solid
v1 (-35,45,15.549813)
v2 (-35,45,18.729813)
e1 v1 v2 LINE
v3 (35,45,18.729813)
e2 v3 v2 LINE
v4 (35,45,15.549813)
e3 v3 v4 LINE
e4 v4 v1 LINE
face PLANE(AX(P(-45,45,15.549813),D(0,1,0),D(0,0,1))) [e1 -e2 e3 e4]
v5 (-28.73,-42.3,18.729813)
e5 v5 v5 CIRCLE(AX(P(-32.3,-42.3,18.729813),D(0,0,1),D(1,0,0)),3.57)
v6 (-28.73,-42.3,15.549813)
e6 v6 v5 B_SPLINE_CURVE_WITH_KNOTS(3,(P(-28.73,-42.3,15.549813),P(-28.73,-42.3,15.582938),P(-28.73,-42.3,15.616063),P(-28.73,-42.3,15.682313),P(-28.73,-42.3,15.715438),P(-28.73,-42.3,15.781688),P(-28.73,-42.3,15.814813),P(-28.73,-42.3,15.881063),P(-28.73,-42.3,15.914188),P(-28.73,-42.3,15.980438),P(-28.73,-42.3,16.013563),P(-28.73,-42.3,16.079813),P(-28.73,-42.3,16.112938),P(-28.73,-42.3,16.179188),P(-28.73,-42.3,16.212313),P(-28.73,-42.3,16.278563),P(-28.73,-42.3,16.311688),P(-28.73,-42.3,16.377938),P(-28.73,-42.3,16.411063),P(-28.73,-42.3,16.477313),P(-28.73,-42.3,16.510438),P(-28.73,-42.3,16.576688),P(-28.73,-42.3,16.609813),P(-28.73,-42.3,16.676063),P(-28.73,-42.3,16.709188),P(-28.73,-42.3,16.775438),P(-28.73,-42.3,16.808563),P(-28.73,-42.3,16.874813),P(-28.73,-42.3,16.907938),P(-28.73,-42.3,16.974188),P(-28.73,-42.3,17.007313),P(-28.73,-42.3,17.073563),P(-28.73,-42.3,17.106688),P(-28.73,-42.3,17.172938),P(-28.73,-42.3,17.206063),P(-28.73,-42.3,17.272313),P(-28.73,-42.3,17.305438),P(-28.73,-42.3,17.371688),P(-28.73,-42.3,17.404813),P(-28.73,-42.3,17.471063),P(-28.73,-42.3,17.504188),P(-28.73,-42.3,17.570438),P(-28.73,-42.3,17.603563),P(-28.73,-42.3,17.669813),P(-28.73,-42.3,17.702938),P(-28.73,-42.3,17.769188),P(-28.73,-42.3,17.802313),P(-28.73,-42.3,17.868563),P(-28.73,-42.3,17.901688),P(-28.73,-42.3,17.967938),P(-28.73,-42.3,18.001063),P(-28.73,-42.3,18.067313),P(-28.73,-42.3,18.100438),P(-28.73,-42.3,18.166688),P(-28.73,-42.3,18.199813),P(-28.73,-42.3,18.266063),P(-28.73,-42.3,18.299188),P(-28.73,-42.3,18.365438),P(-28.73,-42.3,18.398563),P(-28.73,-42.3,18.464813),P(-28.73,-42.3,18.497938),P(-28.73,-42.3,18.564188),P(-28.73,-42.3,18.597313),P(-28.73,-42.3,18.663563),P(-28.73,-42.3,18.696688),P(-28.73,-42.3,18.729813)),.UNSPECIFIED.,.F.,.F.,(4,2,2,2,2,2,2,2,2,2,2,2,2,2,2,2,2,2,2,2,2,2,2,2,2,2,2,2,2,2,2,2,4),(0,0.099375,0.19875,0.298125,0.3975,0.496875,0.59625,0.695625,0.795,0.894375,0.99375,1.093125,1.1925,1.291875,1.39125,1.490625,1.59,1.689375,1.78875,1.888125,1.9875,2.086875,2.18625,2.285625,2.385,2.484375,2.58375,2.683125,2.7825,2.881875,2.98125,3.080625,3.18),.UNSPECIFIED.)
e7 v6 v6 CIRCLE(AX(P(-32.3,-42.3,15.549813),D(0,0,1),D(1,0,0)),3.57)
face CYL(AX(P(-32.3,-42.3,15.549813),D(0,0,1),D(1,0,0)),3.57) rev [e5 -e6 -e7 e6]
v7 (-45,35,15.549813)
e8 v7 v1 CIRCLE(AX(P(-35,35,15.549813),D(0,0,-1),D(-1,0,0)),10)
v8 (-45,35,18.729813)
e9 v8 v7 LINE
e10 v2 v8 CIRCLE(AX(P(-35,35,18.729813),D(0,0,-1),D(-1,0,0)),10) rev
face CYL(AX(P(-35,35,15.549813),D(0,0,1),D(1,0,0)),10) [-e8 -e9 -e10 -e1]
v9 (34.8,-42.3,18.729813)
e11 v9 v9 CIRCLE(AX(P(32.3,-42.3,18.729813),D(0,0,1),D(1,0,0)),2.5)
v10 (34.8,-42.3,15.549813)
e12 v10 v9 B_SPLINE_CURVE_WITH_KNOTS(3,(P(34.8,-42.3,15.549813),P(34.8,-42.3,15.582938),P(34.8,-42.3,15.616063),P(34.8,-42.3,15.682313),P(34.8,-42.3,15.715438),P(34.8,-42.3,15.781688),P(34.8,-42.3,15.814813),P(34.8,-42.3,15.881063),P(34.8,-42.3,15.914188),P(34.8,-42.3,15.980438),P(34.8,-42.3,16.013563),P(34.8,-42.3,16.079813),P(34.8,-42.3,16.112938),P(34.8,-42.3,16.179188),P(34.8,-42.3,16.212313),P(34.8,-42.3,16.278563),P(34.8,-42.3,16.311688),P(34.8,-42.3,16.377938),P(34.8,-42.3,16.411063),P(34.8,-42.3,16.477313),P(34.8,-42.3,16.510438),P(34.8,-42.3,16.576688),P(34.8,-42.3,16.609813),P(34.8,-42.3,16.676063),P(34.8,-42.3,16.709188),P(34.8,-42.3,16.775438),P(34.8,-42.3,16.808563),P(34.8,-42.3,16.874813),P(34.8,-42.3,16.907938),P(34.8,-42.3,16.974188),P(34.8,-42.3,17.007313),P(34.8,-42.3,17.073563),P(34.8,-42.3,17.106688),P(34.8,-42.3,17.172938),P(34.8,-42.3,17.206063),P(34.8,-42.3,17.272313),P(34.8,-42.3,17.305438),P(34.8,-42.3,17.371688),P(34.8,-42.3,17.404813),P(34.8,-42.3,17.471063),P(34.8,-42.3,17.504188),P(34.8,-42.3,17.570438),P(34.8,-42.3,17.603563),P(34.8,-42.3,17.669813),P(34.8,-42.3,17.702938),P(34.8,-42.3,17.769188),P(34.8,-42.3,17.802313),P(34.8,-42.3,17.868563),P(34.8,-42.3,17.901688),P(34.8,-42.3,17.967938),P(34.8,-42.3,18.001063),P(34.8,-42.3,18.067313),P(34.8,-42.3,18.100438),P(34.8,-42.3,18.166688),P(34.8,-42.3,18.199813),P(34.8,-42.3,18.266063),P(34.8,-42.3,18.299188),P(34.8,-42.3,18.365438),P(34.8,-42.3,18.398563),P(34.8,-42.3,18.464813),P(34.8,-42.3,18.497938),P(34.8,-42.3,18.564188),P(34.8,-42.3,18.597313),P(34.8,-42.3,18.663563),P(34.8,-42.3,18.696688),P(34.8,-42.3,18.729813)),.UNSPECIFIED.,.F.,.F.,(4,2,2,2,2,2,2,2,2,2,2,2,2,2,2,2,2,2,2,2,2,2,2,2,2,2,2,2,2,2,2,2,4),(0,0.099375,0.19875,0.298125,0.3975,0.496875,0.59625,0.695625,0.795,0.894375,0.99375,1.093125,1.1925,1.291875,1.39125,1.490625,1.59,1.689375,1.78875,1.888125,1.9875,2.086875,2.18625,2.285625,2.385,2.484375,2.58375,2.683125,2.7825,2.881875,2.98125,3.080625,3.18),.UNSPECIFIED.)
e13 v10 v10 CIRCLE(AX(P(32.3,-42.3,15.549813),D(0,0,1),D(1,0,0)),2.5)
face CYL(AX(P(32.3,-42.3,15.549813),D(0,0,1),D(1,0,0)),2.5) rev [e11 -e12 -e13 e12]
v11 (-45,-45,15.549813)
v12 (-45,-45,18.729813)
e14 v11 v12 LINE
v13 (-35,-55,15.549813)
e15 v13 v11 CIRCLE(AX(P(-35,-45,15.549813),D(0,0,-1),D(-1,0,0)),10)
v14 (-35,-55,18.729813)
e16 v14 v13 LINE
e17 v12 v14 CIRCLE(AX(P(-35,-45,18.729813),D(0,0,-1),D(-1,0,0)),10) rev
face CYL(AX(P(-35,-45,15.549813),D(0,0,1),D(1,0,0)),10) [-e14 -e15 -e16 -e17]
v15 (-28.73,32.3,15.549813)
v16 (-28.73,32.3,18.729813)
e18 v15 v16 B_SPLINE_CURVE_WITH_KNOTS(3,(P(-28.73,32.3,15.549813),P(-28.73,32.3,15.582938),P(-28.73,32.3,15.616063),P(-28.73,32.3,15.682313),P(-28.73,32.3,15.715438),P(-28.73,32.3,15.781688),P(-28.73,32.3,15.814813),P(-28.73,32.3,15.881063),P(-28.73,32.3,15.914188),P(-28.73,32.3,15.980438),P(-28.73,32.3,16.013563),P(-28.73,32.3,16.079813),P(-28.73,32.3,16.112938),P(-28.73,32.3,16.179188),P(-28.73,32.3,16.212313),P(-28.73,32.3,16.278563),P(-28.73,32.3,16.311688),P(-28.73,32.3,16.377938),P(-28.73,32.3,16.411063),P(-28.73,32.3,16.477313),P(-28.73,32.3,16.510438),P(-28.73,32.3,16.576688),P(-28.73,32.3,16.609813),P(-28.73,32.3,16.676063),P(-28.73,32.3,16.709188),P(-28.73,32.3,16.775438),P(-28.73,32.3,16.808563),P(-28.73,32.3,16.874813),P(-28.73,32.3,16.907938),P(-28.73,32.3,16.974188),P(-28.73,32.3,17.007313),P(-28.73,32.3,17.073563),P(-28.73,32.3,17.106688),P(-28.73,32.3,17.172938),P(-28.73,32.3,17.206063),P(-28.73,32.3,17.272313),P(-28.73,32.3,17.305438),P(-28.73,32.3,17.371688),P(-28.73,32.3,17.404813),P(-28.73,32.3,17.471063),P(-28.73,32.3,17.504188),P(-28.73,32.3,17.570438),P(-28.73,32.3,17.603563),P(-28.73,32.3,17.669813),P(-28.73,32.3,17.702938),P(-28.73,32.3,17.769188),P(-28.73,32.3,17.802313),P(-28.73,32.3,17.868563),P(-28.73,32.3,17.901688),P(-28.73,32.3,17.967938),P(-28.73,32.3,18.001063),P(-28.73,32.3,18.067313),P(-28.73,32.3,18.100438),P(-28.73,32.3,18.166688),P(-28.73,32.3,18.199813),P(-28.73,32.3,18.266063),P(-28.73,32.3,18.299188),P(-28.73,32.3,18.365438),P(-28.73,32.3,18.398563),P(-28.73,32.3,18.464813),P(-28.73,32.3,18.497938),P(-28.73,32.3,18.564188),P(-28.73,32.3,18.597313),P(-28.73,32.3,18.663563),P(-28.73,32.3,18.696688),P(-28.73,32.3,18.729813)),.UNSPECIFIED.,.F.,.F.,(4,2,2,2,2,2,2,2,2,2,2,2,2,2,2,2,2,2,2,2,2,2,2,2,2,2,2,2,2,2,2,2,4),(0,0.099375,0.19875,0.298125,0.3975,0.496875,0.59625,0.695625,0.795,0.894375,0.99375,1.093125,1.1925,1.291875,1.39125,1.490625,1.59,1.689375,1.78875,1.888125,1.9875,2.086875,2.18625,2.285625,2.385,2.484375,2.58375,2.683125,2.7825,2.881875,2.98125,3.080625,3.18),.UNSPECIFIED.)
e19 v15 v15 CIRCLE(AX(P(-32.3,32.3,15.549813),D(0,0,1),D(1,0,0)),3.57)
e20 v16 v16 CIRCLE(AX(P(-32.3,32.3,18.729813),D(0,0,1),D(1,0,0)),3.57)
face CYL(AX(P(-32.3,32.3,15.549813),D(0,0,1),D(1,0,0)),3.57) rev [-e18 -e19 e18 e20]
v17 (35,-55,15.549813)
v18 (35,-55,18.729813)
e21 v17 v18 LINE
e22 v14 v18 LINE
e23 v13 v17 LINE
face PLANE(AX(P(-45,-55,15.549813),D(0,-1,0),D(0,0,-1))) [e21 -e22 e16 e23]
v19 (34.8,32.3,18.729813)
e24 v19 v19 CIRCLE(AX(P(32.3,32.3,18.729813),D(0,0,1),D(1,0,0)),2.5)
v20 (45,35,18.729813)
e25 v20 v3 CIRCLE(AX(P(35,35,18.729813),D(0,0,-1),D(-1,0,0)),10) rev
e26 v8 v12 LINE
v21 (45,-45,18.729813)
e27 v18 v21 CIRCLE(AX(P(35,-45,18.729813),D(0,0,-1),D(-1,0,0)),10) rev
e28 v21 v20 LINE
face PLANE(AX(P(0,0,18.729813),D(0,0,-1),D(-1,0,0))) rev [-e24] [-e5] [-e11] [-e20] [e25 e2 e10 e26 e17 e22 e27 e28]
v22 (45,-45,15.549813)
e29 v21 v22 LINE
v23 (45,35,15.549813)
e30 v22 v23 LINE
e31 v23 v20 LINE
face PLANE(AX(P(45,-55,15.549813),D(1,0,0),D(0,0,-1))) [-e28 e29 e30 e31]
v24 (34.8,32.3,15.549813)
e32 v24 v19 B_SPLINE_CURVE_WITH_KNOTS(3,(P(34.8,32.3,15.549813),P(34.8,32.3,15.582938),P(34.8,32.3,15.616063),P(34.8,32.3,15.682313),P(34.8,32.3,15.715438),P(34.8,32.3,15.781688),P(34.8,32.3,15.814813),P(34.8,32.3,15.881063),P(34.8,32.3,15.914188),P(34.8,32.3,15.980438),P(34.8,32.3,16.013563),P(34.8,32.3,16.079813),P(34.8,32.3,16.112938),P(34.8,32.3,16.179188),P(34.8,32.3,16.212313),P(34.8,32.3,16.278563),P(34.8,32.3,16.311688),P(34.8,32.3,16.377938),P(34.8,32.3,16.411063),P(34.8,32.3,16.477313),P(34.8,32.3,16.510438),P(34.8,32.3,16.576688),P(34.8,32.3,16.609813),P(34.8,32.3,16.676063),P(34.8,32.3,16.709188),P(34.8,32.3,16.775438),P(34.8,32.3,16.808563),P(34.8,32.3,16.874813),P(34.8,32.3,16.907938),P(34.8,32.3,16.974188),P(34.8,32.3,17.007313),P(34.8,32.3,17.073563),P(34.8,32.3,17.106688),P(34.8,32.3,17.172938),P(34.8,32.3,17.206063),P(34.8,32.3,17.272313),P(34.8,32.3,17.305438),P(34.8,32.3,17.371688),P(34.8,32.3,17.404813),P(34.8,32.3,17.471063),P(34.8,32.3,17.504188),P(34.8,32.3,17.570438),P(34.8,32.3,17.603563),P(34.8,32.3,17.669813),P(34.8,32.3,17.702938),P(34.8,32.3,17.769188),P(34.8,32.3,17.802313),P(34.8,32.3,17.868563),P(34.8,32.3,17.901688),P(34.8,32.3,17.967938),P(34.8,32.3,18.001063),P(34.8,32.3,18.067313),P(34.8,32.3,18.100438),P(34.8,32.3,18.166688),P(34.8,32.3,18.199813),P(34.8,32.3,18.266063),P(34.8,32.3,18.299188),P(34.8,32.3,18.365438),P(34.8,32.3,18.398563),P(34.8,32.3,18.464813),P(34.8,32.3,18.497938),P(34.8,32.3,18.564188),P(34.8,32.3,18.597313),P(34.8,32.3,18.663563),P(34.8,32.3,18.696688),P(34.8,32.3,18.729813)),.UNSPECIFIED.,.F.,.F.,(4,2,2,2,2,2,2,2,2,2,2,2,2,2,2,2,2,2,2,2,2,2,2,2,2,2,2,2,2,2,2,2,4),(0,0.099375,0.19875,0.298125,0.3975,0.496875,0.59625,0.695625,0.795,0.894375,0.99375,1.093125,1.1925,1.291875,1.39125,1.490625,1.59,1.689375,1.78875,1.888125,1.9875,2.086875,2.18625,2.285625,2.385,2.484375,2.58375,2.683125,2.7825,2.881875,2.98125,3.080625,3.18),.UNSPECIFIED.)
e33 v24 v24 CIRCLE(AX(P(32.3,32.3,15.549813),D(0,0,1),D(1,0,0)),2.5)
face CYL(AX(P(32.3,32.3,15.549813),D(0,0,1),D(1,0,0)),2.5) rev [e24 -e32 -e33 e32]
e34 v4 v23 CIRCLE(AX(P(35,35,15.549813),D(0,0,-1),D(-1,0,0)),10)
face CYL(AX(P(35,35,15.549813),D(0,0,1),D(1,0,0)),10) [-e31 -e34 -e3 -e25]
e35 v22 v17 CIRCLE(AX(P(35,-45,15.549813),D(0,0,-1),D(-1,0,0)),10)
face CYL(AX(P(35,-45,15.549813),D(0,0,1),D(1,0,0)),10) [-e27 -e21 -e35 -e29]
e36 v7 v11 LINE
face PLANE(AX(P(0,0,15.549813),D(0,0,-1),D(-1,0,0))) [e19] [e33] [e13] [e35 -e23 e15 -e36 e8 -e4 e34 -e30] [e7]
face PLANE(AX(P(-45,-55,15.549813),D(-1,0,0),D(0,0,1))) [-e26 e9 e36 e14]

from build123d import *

# Parameters (mm, degrees)
BOSS_EXTRUDE1_START = 15.549813
SKETCH1_W           = 90
SKETCH1_H           = 100
SKETCH1_R           = 2.5
SKETCH1_R_2         = 3.57
BOSS_EXTRUDE1_DEPTH = 3.18
FILLET1_R           = 10


with BuildPart() as part:
    # Sketch1 → Boss-Extrude1 (new body)
    with BuildSketch(Plane.XY.offset(BOSS_EXTRUDE1_START)):
        with Locations((0, -5)):
            Rectangle(SKETCH1_W, SKETCH1_H)
        with Locations((32.3, -42.3)):
            Circle(SKETCH1_R, mode=Mode.SUBTRACT)
        with Locations((-32.3, -42.3)):
            Circle(SKETCH1_R_2, mode=Mode.SUBTRACT)
        with Locations((-32.3, 32.3)):
            Circle(SKETCH1_R_2, mode=Mode.SUBTRACT)
        with Locations((32.3, 32.3)):
            Circle(SKETCH1_R, mode=Mode.SUBTRACT)
    extrude(amount=BOSS_EXTRUDE1_DEPTH)

    # Fillet1
    fillet1_edges = [part.edges().sort_by_distance(p)[0] for p in [
        (-45, 45, 17.139813),
        (45, 45, 17.139813),
        (45, -55, 17.139813),
        (-45, -55, 17.139813),
    ]]
    fillet(fillet1_edges, radius=FILLET1_R)


solid = part.part
